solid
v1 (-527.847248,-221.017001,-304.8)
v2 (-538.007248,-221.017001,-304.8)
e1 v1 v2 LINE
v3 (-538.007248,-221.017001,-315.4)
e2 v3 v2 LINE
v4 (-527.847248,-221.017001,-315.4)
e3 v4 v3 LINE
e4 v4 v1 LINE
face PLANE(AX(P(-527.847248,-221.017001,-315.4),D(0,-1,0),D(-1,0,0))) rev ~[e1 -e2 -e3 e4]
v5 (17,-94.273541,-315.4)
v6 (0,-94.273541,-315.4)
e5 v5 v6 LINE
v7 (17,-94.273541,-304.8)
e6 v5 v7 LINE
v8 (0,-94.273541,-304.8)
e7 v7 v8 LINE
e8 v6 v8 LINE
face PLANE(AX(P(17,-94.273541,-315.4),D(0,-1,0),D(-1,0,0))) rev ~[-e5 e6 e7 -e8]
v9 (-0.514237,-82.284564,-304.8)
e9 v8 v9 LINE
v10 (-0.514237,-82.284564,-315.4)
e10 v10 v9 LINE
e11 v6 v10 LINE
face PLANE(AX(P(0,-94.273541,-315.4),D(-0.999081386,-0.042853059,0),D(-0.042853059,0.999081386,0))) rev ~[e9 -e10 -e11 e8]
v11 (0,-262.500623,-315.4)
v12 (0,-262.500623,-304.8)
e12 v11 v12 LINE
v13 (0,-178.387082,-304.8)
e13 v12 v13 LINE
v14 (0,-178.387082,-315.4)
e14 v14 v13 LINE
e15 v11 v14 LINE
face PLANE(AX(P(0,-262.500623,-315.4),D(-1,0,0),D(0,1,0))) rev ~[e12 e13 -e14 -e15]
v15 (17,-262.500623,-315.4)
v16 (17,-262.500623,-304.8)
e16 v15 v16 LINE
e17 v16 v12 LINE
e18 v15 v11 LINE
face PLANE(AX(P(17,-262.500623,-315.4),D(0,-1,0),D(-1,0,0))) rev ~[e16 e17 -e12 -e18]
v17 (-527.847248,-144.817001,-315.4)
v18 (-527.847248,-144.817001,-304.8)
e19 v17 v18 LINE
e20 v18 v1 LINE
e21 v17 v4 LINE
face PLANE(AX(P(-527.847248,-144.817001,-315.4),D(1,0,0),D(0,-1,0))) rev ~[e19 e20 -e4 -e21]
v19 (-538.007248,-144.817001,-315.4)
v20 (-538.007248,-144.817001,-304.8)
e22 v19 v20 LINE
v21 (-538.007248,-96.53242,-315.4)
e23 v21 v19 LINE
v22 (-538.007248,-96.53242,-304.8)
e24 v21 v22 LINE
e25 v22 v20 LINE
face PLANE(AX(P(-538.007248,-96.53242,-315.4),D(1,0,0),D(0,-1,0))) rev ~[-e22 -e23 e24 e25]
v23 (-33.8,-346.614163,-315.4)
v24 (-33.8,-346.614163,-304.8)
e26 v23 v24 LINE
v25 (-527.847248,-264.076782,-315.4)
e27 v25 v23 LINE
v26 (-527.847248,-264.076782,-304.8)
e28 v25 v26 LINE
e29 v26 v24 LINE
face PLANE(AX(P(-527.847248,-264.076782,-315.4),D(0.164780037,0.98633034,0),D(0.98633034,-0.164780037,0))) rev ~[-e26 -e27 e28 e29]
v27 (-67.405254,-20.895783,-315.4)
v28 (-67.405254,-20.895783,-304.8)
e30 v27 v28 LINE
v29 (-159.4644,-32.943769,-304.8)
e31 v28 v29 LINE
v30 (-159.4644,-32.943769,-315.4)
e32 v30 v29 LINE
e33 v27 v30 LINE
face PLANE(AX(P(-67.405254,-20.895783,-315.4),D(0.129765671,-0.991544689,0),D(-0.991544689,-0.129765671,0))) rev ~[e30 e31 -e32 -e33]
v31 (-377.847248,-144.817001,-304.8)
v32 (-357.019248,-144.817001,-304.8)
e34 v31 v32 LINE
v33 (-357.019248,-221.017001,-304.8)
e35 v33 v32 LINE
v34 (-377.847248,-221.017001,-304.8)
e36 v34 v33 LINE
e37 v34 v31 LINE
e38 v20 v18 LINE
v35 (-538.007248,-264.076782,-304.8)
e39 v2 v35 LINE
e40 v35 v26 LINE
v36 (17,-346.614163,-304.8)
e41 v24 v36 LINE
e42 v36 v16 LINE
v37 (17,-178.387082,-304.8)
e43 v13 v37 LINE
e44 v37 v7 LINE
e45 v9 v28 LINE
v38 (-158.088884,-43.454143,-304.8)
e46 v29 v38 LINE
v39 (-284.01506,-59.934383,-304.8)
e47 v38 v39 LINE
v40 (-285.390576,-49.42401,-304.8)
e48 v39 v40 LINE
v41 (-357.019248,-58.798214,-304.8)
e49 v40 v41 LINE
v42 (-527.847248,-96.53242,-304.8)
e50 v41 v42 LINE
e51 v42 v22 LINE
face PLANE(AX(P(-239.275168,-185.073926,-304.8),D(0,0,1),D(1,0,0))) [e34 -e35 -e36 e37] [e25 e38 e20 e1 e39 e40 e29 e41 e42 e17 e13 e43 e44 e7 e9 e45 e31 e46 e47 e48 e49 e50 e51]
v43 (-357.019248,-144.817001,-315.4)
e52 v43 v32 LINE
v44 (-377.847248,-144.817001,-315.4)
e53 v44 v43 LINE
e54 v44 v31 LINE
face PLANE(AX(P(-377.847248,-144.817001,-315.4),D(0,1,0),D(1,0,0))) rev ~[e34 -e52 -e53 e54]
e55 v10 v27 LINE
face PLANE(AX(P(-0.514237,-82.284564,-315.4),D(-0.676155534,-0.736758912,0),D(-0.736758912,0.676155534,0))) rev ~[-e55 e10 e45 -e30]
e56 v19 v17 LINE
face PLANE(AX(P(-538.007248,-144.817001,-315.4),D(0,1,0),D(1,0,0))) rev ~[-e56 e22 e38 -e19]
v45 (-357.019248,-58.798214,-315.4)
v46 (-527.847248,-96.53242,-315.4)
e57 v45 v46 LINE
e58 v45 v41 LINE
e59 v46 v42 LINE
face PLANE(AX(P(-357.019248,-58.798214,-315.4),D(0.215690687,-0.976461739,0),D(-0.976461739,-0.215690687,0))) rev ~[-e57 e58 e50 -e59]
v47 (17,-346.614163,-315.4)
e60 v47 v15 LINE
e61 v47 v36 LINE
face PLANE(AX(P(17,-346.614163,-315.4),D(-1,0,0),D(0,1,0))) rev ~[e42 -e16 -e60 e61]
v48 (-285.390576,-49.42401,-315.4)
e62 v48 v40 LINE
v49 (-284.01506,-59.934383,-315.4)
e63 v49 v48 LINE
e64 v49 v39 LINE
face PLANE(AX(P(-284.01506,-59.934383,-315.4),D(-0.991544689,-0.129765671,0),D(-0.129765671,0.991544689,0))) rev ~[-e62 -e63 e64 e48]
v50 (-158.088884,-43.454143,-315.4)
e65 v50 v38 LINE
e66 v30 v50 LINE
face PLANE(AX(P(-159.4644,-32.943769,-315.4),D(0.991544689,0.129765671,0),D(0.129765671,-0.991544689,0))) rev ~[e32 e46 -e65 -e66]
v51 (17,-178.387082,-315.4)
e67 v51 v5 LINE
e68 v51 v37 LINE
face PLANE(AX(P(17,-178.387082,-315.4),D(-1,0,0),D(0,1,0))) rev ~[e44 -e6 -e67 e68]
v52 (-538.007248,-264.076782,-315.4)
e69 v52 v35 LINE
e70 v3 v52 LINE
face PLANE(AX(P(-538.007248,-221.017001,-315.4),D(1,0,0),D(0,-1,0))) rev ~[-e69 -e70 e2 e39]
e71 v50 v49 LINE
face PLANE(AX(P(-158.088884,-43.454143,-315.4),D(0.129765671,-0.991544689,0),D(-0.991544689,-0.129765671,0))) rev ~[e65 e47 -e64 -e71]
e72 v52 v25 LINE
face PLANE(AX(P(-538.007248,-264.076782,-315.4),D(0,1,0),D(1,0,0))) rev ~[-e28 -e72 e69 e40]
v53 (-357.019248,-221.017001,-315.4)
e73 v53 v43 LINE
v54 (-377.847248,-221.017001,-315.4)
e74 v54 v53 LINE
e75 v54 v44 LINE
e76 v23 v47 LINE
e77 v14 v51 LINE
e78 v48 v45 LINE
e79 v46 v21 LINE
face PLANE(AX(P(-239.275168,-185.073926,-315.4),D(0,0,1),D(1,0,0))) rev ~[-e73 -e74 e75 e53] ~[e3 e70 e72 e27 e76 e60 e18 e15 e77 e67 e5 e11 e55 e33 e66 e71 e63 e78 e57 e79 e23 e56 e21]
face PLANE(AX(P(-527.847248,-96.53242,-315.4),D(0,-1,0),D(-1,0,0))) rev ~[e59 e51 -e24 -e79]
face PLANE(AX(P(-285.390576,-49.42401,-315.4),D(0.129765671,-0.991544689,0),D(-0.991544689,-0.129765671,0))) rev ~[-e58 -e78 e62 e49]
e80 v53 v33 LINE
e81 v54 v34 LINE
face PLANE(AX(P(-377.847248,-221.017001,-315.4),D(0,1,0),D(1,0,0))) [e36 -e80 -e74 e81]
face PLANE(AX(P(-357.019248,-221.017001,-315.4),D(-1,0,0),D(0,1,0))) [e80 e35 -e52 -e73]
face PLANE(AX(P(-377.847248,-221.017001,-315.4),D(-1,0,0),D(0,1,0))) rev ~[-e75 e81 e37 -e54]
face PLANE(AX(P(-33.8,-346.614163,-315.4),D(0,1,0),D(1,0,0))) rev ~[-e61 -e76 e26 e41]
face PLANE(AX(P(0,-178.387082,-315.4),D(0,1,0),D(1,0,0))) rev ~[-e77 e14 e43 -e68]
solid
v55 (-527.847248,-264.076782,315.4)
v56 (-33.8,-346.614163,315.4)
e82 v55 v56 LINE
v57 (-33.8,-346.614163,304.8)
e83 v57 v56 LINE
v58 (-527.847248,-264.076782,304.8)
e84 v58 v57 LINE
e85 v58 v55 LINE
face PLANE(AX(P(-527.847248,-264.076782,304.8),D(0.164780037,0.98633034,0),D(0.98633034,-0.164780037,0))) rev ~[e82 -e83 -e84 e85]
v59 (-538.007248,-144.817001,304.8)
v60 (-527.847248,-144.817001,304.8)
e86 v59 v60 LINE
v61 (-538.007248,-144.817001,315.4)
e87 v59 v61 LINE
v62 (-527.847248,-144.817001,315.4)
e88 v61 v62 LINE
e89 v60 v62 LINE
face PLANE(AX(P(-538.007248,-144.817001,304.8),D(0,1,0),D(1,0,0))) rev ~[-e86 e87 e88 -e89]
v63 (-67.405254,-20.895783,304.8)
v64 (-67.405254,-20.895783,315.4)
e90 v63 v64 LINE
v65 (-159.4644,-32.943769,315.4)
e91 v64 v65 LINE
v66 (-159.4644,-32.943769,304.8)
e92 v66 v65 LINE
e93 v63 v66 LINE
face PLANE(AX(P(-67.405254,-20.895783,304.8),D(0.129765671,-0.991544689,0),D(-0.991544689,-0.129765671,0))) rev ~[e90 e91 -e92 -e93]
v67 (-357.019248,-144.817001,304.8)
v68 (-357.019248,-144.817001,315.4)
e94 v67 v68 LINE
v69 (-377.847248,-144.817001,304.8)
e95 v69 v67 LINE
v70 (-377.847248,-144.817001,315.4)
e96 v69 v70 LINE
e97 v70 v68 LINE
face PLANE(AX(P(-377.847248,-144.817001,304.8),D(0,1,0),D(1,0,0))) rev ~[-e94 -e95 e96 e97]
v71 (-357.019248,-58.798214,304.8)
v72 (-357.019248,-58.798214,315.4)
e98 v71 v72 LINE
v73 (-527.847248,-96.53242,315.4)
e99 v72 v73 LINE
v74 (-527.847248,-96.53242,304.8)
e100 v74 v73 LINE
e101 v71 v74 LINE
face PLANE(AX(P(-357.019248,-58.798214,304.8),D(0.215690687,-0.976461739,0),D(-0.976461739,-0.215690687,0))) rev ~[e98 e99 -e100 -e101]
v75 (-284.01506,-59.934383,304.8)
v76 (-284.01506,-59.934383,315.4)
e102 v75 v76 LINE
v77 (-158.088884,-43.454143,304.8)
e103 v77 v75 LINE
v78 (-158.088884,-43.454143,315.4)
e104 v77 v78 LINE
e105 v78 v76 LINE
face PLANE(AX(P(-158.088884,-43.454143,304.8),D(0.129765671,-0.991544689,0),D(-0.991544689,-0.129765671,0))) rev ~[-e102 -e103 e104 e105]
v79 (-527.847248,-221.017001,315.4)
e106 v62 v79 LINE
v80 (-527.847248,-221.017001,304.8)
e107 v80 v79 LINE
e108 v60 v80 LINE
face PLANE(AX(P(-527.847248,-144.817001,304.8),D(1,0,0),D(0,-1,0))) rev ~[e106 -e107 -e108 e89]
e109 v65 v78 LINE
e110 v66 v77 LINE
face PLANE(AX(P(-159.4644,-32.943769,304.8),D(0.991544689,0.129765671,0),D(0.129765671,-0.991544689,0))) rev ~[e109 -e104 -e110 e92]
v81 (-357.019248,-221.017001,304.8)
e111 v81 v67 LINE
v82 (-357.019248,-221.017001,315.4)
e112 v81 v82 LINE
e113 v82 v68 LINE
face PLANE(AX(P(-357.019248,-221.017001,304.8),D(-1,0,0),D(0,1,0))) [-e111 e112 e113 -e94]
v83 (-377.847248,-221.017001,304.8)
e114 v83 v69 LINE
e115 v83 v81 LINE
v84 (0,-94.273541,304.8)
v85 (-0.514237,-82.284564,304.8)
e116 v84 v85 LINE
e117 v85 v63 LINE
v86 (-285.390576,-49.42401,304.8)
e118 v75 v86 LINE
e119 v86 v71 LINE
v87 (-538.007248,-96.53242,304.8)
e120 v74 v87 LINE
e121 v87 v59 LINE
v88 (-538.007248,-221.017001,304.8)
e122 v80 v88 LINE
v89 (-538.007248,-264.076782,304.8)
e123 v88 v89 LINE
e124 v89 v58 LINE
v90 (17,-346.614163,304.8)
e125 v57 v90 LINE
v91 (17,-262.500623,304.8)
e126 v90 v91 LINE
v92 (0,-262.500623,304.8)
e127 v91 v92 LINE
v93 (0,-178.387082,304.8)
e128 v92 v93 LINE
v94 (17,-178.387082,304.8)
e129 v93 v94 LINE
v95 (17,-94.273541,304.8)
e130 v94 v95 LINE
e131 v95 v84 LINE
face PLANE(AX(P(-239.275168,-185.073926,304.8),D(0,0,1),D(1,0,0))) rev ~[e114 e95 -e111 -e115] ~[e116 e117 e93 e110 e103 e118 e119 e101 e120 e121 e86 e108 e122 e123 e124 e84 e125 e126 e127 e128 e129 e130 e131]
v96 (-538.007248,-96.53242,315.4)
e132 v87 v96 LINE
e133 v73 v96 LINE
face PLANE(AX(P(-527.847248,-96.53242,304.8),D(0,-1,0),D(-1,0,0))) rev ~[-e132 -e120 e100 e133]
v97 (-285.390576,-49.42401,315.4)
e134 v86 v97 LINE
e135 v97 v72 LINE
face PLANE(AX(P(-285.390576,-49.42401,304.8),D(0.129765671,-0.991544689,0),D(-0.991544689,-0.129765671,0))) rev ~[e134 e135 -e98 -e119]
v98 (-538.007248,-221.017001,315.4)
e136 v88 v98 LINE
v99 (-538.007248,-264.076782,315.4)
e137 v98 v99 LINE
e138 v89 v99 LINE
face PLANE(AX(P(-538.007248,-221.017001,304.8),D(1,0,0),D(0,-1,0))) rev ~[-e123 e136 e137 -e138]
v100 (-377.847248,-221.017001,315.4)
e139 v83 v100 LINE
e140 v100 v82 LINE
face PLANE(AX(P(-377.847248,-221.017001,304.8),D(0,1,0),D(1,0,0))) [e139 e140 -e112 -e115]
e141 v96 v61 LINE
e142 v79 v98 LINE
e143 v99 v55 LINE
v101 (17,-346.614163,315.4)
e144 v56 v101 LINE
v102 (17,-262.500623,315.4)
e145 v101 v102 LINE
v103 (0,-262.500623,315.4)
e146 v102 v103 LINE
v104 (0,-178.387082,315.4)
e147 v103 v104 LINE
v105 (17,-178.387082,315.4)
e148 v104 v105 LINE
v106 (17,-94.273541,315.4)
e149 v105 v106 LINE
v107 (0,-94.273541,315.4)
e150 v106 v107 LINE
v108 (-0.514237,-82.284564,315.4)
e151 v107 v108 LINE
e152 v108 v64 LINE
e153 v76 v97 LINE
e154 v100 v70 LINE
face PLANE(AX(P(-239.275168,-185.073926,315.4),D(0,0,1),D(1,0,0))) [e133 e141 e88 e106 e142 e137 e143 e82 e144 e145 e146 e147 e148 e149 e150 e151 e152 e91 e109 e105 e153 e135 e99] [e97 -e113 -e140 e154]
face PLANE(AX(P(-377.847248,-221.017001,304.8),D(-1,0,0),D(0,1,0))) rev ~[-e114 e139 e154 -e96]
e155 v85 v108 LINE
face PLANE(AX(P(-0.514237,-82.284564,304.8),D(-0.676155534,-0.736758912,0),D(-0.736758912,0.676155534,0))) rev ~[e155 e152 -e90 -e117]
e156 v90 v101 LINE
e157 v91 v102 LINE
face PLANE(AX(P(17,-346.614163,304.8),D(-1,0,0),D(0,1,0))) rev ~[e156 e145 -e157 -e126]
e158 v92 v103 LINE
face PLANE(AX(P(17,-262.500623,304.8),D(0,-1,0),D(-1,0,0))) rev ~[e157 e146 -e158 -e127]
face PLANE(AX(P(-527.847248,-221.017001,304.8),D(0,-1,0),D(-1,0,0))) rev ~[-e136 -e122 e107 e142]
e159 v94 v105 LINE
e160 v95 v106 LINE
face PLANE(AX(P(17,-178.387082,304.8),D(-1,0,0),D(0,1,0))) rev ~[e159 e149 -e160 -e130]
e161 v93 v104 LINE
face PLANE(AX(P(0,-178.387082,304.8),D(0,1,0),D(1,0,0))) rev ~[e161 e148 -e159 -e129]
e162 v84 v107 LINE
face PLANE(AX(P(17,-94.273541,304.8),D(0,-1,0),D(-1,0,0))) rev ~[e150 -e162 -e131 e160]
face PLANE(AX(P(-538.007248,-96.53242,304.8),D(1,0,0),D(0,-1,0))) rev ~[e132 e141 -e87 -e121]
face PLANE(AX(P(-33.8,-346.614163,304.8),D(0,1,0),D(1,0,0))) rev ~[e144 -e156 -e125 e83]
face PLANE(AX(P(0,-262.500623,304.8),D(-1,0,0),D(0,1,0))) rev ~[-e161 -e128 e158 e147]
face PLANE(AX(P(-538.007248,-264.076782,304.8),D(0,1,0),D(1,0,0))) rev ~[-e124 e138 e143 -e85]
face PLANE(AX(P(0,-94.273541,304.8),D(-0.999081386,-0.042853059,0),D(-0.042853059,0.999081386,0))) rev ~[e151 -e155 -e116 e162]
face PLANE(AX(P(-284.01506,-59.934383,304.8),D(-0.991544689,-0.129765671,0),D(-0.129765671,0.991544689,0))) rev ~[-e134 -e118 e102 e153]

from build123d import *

# Parameters (mm, degrees)
BOSS_EXTRUDE6_START = 304.8
SKETCH1_W           = 20.828
SKETCH1_H           = 76.2
BOSS_EXTRUDE6_DEPTH = 10.6
BOSS_EXTRUDE7_START = -315.4
SKETCH1_6_W         = 20.828
SKETCH1_6_H         = 76.2
BOSS_EXTRUDE7_DEPTH = 10.6


with BuildPart() as part:
    # Sketch1 → Boss-Extrude6 (new body)
    with BuildSketch(Plane.XY.offset(BOSS_EXTRUDE6_START)):
        Polygon((-0.51423671, -82.284564229), (-67.405254048, -20.89578312), (-159.464400403, -32.943769451), (-158.088884295, -43.454143157), (-284.015059826, -59.934383324), (-285.390575935, -49.424009618), (-357.019247807, -58.79821407), (-527.847247807, -96.532420332), (-538.007247807, -96.532420332), (-538.007247807, -144.81700053), (-527.847247807, -144.81700053), (-527.847247807, -221.01700053), (-538.007247807, -221.01700053), (-538.007247807, -264.076781879), (-527.847247807, -264.076781879), (-33.8, -346.614163433), (17, -346.614163433), (17, -262.500622574), (0, -262.500622574), (0, -178.387081716), (17, -178.387081716), (17, -94.273540858), (0, -94.273540858), align=None)
        with Locations((-367.433247807, -182.91700053)):
            Rectangle(SKETCH1_W, SKETCH1_H, mode=Mode.SUBTRACT)
    extrude(amount=BOSS_EXTRUDE6_DEPTH)


with BuildPart() as body_2:
    # Sketch1<6> → Boss-Extrude7 (new body)
    with BuildSketch(Plane.XY.offset(BOSS_EXTRUDE7_START)):
        Polygon((-0.51423671, -82.284564229), (-67.405254048, -20.89578312), (-159.464400403, -32.943769451), (-158.088884295, -43.454143157), (-284.015059826, -59.934383324), (-285.390575935, -49.424009618), (-357.019247807, -58.79821407), (-527.847247807, -96.532420332), (-538.007247807, -96.532420332), (-538.007247807, -144.81700053), (-527.847247807, -144.81700053), (-527.847247807, -221.01700053), (-538.007247807, -221.01700053), (-538.007247807, -264.076781879), (-527.847247807, -264.076781879), (-33.8, -346.614163433), (17, -346.614163433), (17, -262.500622574), (0, -262.500622574), (0, -178.387081716), (17, -178.387081716), (17, -94.273540858), (0, -94.273540858), align=None)
        with Locations((-367.433247807, -182.91700053)):
            Rectangle(SKETCH1_6_W, SKETCH1_6_H, mode=Mode.SUBTRACT)
    extrude(amount=BOSS_EXTRUDE7_DEPTH)


solid = Compound([part.part, body_2.part])
